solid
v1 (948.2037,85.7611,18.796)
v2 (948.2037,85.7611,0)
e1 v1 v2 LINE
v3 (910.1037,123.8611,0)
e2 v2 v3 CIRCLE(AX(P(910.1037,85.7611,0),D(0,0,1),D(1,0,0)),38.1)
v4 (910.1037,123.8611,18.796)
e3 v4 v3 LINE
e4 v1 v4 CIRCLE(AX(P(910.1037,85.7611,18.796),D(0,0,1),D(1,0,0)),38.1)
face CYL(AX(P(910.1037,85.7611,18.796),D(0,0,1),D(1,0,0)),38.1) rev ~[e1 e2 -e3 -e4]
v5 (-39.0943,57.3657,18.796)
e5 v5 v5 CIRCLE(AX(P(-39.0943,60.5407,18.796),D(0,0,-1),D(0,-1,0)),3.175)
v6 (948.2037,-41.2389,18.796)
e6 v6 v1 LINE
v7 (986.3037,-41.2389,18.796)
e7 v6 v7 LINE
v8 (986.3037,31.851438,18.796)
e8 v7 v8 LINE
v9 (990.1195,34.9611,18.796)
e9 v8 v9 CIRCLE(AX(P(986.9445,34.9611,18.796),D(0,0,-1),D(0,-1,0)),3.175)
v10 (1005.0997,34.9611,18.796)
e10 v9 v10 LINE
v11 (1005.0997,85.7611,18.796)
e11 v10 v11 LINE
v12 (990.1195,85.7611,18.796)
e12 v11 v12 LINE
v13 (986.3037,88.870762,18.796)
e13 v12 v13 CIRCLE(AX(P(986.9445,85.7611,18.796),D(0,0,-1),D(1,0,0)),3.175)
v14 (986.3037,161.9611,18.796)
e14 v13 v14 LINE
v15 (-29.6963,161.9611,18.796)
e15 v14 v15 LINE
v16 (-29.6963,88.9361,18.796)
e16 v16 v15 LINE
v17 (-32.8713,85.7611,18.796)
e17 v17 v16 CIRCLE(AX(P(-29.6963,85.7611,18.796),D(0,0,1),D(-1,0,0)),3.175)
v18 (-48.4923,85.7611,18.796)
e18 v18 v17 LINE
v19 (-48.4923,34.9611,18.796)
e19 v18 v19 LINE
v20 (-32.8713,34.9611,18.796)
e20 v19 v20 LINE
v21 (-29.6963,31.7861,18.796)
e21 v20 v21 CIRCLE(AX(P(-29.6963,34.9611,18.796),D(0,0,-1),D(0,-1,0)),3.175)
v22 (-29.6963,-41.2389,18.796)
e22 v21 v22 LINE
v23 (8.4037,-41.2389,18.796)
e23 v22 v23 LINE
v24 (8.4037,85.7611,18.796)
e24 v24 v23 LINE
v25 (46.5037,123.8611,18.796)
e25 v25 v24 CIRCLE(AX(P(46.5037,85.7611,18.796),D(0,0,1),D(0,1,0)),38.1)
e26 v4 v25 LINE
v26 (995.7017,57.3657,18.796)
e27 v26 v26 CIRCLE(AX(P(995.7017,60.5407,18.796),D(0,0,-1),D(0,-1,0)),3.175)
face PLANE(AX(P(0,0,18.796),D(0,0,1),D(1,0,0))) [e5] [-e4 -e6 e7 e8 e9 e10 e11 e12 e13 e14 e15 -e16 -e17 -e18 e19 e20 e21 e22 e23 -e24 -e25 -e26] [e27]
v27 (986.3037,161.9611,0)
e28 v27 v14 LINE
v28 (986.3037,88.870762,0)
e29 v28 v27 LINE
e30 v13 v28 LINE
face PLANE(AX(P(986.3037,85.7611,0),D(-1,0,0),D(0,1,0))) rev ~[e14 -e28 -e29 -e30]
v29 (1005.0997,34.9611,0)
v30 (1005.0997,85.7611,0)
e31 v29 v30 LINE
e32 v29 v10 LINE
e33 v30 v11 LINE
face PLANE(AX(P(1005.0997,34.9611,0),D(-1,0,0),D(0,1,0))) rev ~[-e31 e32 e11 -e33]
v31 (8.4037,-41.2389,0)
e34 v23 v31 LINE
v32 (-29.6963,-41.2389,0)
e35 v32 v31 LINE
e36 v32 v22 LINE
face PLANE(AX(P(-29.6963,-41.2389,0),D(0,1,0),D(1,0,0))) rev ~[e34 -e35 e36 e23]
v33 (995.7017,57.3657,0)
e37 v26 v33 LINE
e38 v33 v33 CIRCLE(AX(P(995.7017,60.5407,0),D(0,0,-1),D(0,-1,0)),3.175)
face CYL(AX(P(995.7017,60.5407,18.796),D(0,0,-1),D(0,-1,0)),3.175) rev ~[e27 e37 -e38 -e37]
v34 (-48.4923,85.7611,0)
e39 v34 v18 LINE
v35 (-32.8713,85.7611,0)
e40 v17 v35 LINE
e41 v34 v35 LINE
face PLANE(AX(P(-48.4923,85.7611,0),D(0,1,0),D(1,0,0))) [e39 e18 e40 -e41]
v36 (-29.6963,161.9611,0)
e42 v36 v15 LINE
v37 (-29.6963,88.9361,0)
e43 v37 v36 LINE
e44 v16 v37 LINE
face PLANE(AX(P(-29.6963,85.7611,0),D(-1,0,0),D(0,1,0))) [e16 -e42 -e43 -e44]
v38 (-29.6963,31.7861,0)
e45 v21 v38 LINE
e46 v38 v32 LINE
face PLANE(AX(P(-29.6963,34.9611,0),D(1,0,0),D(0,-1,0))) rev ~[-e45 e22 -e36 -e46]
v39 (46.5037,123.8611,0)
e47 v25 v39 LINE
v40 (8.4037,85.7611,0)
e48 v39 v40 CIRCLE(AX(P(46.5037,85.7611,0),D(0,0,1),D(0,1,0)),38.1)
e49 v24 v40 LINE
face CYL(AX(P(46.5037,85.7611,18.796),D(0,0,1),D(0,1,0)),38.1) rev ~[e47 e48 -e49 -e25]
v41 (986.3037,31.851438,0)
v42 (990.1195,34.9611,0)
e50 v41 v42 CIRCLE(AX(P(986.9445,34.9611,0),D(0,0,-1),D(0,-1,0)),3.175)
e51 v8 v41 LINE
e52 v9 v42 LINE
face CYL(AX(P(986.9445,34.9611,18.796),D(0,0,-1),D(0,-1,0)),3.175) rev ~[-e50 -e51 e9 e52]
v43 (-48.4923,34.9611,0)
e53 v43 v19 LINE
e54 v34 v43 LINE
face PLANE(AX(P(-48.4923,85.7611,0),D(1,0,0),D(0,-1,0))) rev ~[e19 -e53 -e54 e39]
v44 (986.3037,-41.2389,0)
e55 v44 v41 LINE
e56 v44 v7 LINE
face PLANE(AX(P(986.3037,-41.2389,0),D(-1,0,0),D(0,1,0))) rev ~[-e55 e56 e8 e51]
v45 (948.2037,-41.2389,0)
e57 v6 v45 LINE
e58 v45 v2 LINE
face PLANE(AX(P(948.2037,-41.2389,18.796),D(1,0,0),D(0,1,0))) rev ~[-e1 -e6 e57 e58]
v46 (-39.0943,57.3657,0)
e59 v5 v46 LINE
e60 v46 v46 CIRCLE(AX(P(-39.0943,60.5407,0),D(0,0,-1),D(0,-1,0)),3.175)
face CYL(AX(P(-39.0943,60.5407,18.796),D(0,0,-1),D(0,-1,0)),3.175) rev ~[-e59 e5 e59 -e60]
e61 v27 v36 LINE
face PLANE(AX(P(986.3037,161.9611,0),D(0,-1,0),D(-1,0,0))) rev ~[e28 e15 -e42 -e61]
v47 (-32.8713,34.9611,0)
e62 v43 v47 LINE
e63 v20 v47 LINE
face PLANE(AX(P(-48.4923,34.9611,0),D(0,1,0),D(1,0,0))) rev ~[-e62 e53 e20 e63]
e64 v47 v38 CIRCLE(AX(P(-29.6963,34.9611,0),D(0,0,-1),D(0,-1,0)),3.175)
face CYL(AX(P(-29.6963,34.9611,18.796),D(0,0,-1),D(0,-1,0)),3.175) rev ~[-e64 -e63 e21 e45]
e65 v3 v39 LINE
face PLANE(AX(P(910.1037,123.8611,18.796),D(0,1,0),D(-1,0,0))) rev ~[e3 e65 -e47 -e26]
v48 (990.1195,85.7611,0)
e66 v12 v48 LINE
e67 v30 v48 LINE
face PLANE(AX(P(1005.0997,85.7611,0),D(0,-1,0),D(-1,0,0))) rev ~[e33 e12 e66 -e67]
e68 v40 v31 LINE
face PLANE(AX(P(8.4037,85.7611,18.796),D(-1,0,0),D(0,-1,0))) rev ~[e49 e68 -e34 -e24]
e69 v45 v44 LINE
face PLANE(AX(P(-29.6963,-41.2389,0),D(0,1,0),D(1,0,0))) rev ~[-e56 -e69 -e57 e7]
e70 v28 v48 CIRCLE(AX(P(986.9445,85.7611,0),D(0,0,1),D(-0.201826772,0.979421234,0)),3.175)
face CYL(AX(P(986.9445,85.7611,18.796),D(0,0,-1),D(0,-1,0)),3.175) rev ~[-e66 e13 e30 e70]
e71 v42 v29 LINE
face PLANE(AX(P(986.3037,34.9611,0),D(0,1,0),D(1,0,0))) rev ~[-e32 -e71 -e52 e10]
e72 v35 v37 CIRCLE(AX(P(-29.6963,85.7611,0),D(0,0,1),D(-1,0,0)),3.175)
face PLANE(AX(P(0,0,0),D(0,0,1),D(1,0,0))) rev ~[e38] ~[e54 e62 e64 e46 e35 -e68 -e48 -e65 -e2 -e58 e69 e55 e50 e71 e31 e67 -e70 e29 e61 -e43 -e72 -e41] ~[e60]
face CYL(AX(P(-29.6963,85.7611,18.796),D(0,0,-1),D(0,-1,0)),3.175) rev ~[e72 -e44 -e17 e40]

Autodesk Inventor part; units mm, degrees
ref_plane "YZ Plane" through (0, 0, 0) normal (1, 0, 0) x (0, 1, 0)
ref_plane "XZ Plane" through (0, 0, 0) normal (0, 1, 0) x (-1, 0, 0)
ref_plane "XY Plane" through (0, 0, 0) normal (0, 0, 1) x (1, 0, 0)
sketch "Sketch1" plane through (0, 0, 0) normal (0, 0, 1) x (1, 0, 0)
  line L0 (-48.4923, 85.7611) -> (-48.4923, 34.9611)
  line L1 (-48.4923, 34.9611) -> (-29.6963, 34.9611)
  line L2 (-29.6963, 34.9611) -> (-29.6963, -41.2389)
  line L3 (-29.6963, -41.2389) -> (986.3037, -41.2389)
  line L4 (986.3037, -41.2389) -> (986.3037, 34.9611)
  line L5 (986.3037, 34.9611) -> (1005.0997, 34.9611)
  line L6 (1005.0997, 34.9611) -> (1005.0997, 85.7611)
  line L7 (1005.0997, 85.7611) -> (986.3037, 85.7611)
  line L8 (986.3037, 85.7611) -> (986.3037, 161.9611)
  line L9 (986.3037, 161.9611) -> (-29.6963, 161.9611)
  line L10 (-48.4923, 85.7611) -> (-29.6963, 85.7611)
  line L11 (-29.6963, 85.7611) -> (-29.6963, 161.9611)
  point P0 (0, 0)
  dimension "d0" = 50.8
  dimension "d1" = 18.796
  dimension "d2" = 76.2
  dimension "d3" = 1016
  dimension "d4" = 76.2
  dimension "d5" = 18.796
  dimension "d6" = 50.8
  dimension "d7" = 76.2
  dimension "d8" = 18.796
extrude "Extrusion1" add sketch "Sketch1" along normal blind 18.796
sketch "Sketch2" plane through (0, 0, 18.796) normal (0, 0, 1) x (1, 0, 0)
  line L0 (-29.6963, 85.7611) -> (-48.4923, 85.7611) projected
  line L1 (-48.4923, 34.9611) -> (-29.6963, 34.9611) projected
  line L2 (1005.0997, 34.9611) -> (1005.0997, 85.7611) projected
  line L3 (-48.4923, 85.7611) -> (-48.4923, 34.9611) projected
  point P0 (0, 0)
  point P1 (-39.0943, 60.5407)
  point P2 (986.9445, 85.7611)
  point P3 (986.9445, 34.9611)
  point P4 (995.7017, 60.5407)
  dimension "d11" = 9.398
  dimension "d12" = 9.398
hole "Hole1" at (-29.6963, 85.7611, 18.796) at (-29.6963, 34.9611, 18.796) at (-39.0943, 60.5407, 18.796) at (986.9445, 85.7611, 18.796) at (986.9445, 34.9611, 18.796) at (995.7017, 60.5407, 18.796) direction (0, 0, -1) diameter 6.35 end through all
sketch "Sketch3" plane through (0, 0, 18.796) normal (0, 0, 1) x (1, 0, 0)
  line L0 (-29.6963, -41.2389) -> (986.3037, -41.2389) projected
  line L1 (8.4037, -41.2389) -> (948.2037, -41.2389)
  line L2 (948.2037, -41.2389) -> (948.2037, 85.7611)
  line L3 (910.1037, 123.8611) -> (46.5037, 123.8611)
  line L4 (8.4037, 85.7611) -> (8.4037, -41.2389)
  line L5 (-29.6963, 31.7861) -> (-29.6963, -41.2389) projected
  line L6 (986.3037, -41.2389) -> (986.3037, 31.8515) projected
  arc A0 (11.5787, 123.8611) -> (8.4037, 120.6861) centre (11.5787, 120.6861) ccw
  arc A1 (46.5037, 123.8611) -> (8.4037, 85.7611) centre (46.5037, 85.7611) ccw
  arc A2 (948.2037, 85.7611) -> (910.1037, 123.8611) centre (910.1037, 85.7611) ccw
  point P0 (0, 0)
  point P1 (948.2037, 123.8611)
  point P2 (8.4037, 123.8611)
  dimension "d20" = 38.1
  dimension "d21" = 38.1
  dimension "d22" = 939.8
  dimension "d23" = 165.1
  dimension "d24" = 3.175
  dimension "d25" = 38.1
extrude "Extrusion2" cut sketch "Sketch3" against normal blind 25.4
properties part number "bottom" material "Wood (Birch)"
